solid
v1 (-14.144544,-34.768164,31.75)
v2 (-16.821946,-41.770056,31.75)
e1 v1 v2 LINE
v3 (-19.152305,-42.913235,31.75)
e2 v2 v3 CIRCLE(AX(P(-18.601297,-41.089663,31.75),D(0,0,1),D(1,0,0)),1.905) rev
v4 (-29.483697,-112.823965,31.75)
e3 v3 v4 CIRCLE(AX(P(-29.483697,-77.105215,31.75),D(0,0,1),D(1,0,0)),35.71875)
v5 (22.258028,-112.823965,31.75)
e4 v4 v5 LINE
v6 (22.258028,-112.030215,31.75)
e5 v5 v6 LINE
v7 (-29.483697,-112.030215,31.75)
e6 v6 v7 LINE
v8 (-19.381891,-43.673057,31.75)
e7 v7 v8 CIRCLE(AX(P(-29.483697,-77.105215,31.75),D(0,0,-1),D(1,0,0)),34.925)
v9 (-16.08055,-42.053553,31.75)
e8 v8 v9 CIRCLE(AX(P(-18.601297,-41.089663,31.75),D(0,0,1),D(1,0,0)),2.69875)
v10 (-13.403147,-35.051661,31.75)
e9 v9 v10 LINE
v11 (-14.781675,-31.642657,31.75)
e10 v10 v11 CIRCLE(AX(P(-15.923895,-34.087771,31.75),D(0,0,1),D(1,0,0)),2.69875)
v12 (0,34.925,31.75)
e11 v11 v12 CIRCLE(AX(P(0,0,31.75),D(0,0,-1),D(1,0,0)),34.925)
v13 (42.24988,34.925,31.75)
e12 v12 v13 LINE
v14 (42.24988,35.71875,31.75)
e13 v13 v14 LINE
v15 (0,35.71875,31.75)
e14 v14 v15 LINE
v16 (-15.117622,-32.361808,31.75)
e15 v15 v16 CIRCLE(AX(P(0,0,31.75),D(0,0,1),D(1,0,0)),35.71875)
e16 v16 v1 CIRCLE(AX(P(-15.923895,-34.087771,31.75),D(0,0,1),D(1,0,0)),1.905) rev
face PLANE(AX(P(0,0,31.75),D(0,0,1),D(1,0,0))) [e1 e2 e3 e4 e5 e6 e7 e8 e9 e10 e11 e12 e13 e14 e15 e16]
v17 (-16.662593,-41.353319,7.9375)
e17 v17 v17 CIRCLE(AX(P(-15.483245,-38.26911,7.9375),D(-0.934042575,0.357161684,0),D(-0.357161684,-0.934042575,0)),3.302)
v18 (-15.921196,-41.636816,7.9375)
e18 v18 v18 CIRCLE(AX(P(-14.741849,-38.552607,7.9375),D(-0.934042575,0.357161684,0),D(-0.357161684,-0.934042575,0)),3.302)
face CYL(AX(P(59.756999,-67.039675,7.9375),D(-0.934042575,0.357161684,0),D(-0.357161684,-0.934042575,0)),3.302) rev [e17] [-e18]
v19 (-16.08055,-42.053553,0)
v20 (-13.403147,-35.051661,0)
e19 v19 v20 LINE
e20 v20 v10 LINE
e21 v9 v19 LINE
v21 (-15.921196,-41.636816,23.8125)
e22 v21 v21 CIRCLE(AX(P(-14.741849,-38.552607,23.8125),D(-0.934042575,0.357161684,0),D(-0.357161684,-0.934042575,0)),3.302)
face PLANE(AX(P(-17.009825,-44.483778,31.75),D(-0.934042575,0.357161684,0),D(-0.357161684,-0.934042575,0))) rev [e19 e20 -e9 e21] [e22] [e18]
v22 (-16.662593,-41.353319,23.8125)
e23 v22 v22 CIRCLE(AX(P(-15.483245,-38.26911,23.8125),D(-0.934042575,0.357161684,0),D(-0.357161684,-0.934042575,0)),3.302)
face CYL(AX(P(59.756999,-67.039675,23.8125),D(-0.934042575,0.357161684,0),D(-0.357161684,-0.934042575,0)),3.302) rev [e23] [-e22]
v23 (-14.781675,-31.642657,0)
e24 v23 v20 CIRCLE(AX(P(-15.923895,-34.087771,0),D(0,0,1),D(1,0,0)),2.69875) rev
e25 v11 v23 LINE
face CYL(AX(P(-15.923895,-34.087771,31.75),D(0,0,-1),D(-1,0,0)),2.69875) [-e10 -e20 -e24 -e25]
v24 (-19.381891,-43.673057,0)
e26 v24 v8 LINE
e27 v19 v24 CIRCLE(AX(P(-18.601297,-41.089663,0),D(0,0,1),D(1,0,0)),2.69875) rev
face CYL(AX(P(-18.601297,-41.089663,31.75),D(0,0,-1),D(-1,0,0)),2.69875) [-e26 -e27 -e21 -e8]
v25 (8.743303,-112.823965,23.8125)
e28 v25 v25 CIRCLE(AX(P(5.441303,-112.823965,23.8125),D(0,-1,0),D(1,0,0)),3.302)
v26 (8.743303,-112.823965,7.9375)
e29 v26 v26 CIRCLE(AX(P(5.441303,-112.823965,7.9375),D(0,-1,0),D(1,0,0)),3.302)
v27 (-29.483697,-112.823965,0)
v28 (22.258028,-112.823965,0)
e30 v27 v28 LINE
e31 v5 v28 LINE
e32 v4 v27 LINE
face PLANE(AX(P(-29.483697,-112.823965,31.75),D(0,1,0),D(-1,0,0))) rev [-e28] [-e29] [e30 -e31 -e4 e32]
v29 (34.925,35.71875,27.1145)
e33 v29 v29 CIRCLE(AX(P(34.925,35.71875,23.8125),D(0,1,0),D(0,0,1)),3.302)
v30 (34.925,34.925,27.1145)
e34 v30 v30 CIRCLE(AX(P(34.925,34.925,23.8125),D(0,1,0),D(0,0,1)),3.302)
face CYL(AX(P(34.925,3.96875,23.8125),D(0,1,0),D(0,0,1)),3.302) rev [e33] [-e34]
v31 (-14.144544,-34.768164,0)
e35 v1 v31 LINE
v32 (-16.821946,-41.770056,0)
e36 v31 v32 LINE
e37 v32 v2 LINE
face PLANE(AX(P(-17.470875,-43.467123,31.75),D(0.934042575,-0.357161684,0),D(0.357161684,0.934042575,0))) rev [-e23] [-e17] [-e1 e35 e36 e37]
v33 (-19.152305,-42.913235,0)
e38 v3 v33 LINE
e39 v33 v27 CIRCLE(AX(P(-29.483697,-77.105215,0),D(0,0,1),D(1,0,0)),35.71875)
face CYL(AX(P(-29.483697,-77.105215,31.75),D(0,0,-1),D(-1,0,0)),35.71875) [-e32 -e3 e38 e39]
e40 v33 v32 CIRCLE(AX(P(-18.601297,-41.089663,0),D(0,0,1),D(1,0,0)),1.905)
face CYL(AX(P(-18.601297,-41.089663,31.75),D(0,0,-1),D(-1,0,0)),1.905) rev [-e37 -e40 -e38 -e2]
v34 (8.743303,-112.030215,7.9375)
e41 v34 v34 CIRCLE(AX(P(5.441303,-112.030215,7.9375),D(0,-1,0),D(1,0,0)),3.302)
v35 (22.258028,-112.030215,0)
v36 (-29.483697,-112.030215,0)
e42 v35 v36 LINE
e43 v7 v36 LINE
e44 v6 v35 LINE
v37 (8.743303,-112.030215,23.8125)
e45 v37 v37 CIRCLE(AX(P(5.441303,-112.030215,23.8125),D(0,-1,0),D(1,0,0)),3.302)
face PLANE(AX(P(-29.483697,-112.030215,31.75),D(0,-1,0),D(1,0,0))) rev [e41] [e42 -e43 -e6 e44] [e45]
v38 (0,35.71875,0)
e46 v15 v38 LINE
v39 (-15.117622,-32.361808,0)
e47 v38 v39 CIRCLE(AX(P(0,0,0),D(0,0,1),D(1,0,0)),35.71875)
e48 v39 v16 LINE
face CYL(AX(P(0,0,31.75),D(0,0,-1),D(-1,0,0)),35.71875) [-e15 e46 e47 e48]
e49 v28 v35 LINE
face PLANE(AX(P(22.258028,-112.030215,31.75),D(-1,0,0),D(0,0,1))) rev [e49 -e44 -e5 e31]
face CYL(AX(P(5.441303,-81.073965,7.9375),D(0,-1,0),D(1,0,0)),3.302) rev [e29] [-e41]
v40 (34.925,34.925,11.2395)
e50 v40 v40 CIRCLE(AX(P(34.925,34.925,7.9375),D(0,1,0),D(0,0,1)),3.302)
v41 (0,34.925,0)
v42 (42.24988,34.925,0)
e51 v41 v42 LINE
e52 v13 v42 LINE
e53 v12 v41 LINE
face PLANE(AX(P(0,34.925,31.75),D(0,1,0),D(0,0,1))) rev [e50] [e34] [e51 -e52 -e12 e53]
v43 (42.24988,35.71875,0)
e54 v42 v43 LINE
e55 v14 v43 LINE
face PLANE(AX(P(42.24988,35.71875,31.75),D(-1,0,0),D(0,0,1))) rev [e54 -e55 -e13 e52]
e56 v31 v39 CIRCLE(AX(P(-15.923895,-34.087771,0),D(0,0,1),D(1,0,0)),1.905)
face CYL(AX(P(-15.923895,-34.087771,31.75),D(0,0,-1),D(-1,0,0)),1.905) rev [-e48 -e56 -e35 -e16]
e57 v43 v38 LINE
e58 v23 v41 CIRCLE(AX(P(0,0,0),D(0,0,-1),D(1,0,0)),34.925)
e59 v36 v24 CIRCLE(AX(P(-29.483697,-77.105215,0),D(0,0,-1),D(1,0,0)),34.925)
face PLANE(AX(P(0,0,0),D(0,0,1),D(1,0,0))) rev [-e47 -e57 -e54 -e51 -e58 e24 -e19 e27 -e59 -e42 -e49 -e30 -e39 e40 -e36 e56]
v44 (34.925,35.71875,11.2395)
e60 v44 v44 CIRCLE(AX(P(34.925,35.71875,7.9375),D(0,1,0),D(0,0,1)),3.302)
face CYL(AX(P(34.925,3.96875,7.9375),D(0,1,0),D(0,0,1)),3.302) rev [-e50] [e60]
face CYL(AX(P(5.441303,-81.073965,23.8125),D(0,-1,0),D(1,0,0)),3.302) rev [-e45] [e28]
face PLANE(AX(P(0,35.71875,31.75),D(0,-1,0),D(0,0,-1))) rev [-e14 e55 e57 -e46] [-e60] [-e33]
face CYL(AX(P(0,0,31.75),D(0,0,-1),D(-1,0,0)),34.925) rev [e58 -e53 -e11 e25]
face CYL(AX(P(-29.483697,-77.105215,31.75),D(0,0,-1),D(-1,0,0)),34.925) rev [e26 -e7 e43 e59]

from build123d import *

# Parameters (mm, degrees)
BOSS_EXTRUDE1_DEPTH = 31.75
SKETCH2_R           = 3.302
CUT_EXTRUDE1_DEPTH  = 81.553334057
SKETCH3_R           = 3.302
CUT_EXTRUDE2_DEPTH  = 31.75
SKETCH4_R           = 3.302
CUT_EXTRUDE3_DEPTH  = 31.75
FILLET1_R           = 1.905
FILLET2_R           = 2.69875


with BuildPart() as part:
    # Sketch1 → Boss-Extrude1 (new body)
    with BuildSketch(Plane.XY):
        with BuildLine():
            Line((-17.009825212, -44.483777619), (-12.473871822, -32.621436921))
            ThreePointArc((-12.473871822, -32.621436921), (-34.344281252, 6.34239468), (0, 34.925))
            Line((0, 34.925), (42.249880176, 34.925))
            Line((42.249880176, 34.925), (42.249880176, 35.71875))
            Line((42.249880176, 35.71875), (0, 35.71875))
            ThreePointArc((0, 35.71875), (-35.050587448, 6.876439568), (-13.495614846, -33.071097373))
            Line((-13.495614846, -33.071097373), (-17.470874776, -43.467122992))
            ThreePointArc((-17.470874776, -43.467122992), (-64.678438716, -71.009375011), (-29.483697034, -112.82396454))
            Line((-29.483697034, -112.82396454), (22.258027731, -112.82396454))
            Line((22.258027731, -112.82396454), (22.258027731, -112.03021454))
            Line((22.258027731, -112.03021454), (-29.483697034, -112.03021454))
            ThreePointArc((-29.483697034, -112.03021454), (-63.827978286, -70.76281986), (-17.009825212, -44.483777619))
        make_face()
    extrude(amount=BOSS_EXTRUDE1_DEPTH)

    # Sketch2 → Cut-Extrude1 (cut, through all)
    with BuildSketch(Plane(origin=(-0.741396294, 0.283497087, 0), x_dir=(0, 0, 1), z_dir=(-0.934042575, 0.357161684, 0))):
        with Locations((7.9375, -41.275)):
            Circle(SKETCH2_R)
        with Locations((23.8125, -41.275)):
            Circle(SKETCH2_R)
    extrude(amount=-CUT_EXTRUDE1_DEPTH, mode=Mode.SUBTRACT)

    # Sketch3 → Cut-Extrude2 (cut)
    with BuildSketch(Plane(origin=(0, 35.71875, 0), x_dir=(1, 0, 0), z_dir=(0, 1, 0))):
        with Locations((34.925, -7.9375)):
            Circle(SKETCH3_R)
        with Locations((34.925, -23.8125)):
            Circle(SKETCH3_R)
    extrude(amount=-CUT_EXTRUDE2_DEPTH, mode=Mode.SUBTRACT)

    # Sketch4 → Cut-Extrude3 (cut)
    with BuildSketch(Plane.XZ.offset(112.82396454)):
        with Locations((5.441302966, 23.8125)):
            Circle(SKETCH4_R)
        with Locations((5.441302966, 7.9375)):
            Circle(SKETCH4_R)
    extrude(amount=-CUT_EXTRUDE3_DEPTH, mode=Mode.SUBTRACT)

    # Fillet1
    fillet1_edges = [part.edges().sort_by_distance(p)[0] for p in [
        (-17.470874776, -43.467122992, 15.875),
        (-13.495614846, -33.071097373, 15.875),
    ]]
    fillet(fillet1_edges, radius=FILLET1_R)

    # Fillet2
    fillet2_edges = [part.edges().sort_by_distance(p)[0] for p in [
        (-12.473871822, -32.621436921, 15.875),
        (-17.009825212, -44.483777619, 15.875),
    ]]
    fillet(fillet2_edges, radius=FILLET2_R)


solid = part.part
